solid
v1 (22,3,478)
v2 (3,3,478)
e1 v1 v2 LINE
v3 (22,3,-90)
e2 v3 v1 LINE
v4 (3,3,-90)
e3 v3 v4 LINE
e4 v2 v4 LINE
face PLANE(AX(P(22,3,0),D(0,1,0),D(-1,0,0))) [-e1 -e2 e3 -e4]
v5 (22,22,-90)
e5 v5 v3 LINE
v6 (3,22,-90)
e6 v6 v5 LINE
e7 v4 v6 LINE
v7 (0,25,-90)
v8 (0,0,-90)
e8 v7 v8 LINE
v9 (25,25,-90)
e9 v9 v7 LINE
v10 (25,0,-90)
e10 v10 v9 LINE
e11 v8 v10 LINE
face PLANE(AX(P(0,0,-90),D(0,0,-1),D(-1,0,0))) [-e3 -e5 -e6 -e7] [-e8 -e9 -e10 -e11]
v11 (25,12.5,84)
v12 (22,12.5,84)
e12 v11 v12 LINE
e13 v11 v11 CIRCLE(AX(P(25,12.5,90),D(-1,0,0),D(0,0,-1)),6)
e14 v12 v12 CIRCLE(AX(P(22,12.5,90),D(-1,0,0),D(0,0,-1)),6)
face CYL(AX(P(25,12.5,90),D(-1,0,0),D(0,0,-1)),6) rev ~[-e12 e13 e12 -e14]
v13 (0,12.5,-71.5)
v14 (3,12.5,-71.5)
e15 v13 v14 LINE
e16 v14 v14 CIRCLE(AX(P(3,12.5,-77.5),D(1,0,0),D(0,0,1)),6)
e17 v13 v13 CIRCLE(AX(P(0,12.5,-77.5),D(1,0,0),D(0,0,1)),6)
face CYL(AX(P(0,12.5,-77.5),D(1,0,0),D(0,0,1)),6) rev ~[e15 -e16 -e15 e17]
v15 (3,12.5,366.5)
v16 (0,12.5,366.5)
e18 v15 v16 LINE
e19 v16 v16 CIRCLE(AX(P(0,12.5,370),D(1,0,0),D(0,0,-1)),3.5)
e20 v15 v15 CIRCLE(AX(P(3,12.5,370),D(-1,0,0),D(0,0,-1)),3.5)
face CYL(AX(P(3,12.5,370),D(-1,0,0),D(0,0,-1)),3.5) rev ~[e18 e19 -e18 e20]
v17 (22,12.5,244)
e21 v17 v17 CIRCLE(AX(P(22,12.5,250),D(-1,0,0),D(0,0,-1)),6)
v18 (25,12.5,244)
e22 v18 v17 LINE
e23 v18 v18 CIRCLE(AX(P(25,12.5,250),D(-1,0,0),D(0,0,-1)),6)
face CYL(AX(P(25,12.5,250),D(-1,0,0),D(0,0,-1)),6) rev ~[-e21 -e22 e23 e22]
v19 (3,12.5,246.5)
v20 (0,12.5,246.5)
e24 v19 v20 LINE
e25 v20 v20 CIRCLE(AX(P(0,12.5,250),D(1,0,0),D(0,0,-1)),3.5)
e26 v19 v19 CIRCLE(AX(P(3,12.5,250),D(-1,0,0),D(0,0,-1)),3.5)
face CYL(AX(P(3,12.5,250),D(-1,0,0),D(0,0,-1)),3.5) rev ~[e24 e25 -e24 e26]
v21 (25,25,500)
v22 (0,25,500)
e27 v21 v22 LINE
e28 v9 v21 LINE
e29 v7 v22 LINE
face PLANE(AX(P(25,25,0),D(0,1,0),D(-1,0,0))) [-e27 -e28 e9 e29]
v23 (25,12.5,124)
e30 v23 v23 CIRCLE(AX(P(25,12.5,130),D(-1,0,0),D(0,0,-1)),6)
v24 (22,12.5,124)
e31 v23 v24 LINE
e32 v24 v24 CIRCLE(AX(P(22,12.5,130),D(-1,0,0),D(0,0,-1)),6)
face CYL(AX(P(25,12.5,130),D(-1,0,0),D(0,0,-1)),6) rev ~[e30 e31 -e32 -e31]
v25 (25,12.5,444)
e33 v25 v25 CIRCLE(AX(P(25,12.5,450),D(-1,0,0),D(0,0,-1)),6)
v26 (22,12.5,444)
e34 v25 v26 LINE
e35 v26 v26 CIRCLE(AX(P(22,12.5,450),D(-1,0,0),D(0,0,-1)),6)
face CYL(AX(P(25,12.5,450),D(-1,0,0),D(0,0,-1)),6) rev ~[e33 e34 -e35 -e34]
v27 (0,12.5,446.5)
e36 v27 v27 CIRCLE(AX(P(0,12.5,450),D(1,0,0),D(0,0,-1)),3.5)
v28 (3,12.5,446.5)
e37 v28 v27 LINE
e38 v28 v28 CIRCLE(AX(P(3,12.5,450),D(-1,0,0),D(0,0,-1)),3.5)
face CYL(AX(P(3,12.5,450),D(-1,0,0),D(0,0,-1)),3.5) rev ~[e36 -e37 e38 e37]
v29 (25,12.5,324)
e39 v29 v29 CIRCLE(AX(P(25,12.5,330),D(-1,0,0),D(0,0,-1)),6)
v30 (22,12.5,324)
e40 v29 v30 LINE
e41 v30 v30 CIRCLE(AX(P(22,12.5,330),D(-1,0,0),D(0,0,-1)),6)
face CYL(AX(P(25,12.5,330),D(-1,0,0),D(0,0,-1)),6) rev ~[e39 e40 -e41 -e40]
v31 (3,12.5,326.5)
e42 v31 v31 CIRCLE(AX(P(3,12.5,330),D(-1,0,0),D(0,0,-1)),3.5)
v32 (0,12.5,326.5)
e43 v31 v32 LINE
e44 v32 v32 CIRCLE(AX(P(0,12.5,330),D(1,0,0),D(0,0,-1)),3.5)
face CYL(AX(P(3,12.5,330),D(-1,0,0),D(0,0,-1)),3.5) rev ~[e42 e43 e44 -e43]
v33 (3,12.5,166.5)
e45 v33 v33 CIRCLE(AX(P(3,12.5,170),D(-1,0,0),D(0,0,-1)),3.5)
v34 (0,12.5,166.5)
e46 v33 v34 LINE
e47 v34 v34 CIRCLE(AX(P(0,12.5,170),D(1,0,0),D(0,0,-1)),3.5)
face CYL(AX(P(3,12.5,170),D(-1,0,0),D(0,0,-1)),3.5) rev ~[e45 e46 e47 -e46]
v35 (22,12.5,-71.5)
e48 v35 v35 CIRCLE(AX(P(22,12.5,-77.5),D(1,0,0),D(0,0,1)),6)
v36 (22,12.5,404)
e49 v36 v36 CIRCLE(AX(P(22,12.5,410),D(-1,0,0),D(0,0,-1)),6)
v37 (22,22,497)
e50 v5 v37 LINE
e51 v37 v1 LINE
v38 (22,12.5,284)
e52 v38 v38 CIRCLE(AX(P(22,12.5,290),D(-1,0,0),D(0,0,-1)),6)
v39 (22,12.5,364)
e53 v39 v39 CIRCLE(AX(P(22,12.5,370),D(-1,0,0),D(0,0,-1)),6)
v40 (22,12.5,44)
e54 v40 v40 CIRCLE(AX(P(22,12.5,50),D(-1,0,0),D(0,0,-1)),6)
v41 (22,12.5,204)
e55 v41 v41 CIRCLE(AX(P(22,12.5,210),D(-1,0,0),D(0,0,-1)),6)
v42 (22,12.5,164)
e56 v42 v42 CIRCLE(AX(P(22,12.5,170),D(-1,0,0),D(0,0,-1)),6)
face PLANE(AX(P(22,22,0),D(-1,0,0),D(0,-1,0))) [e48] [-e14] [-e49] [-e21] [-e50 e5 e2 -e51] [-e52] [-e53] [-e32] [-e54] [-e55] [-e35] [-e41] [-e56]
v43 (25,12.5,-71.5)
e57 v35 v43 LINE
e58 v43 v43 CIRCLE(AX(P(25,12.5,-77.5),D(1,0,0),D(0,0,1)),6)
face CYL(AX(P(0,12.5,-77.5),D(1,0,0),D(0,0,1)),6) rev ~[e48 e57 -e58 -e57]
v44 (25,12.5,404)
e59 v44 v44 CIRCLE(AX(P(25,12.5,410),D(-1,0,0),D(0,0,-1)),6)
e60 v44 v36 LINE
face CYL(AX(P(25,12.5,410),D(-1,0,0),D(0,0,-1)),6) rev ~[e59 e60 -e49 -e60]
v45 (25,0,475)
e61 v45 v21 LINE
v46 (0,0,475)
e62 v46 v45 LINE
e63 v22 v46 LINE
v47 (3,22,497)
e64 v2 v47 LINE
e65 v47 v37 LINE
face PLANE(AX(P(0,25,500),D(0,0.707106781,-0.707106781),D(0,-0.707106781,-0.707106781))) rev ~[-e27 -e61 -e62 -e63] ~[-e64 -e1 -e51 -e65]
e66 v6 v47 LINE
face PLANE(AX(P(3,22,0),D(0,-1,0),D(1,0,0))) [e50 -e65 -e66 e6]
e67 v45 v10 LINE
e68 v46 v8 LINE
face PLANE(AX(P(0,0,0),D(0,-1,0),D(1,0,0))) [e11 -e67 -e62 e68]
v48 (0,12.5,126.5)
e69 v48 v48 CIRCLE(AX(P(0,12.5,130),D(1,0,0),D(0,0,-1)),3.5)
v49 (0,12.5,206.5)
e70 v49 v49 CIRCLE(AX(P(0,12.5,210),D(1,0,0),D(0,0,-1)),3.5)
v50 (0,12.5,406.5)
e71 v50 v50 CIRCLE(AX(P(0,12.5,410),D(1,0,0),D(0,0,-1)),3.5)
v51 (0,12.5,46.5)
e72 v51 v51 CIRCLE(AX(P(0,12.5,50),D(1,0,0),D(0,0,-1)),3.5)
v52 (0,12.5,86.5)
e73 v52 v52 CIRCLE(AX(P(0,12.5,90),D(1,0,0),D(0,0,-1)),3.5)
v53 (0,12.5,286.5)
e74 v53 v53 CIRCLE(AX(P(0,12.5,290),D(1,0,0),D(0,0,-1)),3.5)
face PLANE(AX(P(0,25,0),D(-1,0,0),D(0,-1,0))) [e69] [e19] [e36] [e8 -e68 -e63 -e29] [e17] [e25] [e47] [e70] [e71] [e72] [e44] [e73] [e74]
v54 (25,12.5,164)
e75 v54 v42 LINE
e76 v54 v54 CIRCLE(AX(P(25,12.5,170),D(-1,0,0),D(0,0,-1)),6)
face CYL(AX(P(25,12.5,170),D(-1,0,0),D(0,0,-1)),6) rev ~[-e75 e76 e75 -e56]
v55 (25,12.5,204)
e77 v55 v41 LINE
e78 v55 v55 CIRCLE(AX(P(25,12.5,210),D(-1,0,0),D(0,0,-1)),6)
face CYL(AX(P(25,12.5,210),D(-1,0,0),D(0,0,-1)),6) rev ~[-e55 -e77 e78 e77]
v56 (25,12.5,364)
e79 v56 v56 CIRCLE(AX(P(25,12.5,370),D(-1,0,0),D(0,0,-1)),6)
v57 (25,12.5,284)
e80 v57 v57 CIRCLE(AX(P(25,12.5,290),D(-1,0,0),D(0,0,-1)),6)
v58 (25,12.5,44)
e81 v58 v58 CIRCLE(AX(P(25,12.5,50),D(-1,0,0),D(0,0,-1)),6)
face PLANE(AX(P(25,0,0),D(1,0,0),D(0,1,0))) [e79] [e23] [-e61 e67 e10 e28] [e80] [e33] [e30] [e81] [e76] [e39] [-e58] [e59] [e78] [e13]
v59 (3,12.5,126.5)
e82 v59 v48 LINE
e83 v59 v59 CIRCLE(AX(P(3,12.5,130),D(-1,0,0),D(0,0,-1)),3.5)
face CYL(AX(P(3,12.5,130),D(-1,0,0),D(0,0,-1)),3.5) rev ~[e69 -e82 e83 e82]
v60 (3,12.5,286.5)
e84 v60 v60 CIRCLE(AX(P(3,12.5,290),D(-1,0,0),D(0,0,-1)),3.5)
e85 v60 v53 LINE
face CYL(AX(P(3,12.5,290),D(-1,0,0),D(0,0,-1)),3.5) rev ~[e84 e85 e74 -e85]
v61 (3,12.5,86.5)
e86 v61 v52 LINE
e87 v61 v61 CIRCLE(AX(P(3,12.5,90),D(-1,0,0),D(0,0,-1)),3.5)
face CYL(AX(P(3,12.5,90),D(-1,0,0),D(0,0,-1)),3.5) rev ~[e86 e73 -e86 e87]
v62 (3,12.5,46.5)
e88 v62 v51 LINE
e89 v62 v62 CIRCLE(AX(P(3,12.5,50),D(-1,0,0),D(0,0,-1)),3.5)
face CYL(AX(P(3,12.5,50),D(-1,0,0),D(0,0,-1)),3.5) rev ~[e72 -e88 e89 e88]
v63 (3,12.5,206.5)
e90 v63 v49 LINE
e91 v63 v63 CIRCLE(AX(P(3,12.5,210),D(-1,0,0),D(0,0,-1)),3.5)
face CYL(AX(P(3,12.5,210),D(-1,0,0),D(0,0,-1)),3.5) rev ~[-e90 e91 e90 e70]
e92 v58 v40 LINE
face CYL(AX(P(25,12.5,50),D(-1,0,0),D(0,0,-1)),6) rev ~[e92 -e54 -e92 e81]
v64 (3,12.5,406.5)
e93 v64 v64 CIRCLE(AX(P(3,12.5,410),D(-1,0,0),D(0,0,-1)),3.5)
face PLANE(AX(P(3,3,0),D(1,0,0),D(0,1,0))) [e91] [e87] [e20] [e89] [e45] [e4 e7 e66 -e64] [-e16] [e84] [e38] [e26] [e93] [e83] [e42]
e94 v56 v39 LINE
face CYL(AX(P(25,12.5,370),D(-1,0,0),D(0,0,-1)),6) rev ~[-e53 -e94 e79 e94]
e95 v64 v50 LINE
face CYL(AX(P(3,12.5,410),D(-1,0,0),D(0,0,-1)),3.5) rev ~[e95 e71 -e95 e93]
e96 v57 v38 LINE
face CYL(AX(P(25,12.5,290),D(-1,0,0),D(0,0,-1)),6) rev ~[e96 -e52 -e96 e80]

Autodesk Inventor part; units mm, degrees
ref_plane "YZ Plane" through (0, 0, 0) normal (1, 0, 0) x (0, 1, 0)
ref_plane "XZ Plane" through (0, 0, 0) normal (0, 1, 0) x (-1, 0, 0)
ref_plane "XY Plane" through (0, 0, 0) normal (0, 0, 1) x (1, 0, 0)
sketch "Sketch1" plane through (0, 0, 0) normal (0, 0, 1) x (1, 0, 0)
  line L0 (0, 0) -> (25, 0)
  line L1 (25, 0) -> (25, 25)
  line L2 (25, 25) -> (0, 25)
  line L3 (0, 25) -> (0, 0)
  line L4 (3, 3) -> (22, 3)
  line L5 (22, 3) -> (22, 22)
  line L6 (22, 22) -> (3, 22)
  line L7 (3, 22) -> (3, 3)
  dimension "d0" = 25
  dimension "d1" = 25
  dimension "d2" = 3
extrude "Extrusion1" add sketch "Sketch1" along normal blind 500
sketch "Sketch3" plane through (25, 0, 0) normal (1, 0, 0) x (0, 0, -1)
  line L0 (0, 0) -> (0, 25) projected
  line L1 (0, 25) -> (-500, 25) projected
  line L2 (-500, 0) -> (-500, 25) projected
  line L3 (0, 0) -> (-500, 0) projected
  point P0 (0, 0)
  point P1 (-450, 12.5)
  point P2 (-50, 12.5)
  point P3 (-410, 12.5)
  point P4 (-370, 12.5)
  point P5 (-330, 12.5)
  point P6 (-290, 12.5)
  point P7 (-250, 12.5)
  point P8 (-210, 12.5)
  point P9 (-170, 12.5)
  point P10 (-130, 12.5)
  point P11 (-90, 12.5)
  dimension "d16" = 12.5
  dimension "d17" = 50
  dimension "d18" = 50
  dimension "d19" = 12.5
  dimension "d22" = 40
hole "Hole2" at (25, 12.5, 450) at (25, 12.5, 50) at (25, 12.5, 410) at (25, 12.5, 370) at (25, 12.5, 330) at (25, 12.5, 290) at (25, 12.5, 250) at (25, 12.5, 210) at (25, 12.5, 170) at (25, 12.5, 130) at (25, 12.5, 90) direction (-1, 0, 0) diameter 12 depth 8 tip angle 118
sketch "Sketch4" plane through (3, 3, 0) normal (1, 0, 0) x (0, 0, -1)
  circle A0 centre (-130, 9.5) radius 6 projected
  circle A1 centre (-210, 9.5) radius 6 projected
  circle A2 centre (-290, 9.5) radius 6 projected
  circle A3 centre (-370, 9.5) radius 6 projected
  circle A4 centre (-50, 9.5) radius 6 projected
  circle A5 centre (-450, 9.5) radius 6 projected
  circle A6 centre (-410, 9.5) radius 6 projected
  circle A7 centre (-330, 9.5) radius 6 projected
  circle A8 centre (-250, 9.5) radius 6 projected
  circle A9 centre (-170, 9.5) radius 6 projected
  circle A10 centre (-90, 9.5) radius 6 projected
  line L0 (0, -3) -> (0, 22) projected
  line L1 (0, 22) -> (-500, 22) projected
  line L2 (-500, -3) -> (-500, 22) projected
  line L3 (0, -3) -> (-500, -3) projected
  arc A11 (0, -3) -> (0, -3) centre (-50, 9.5) ccw projected
  circle A12 centre (-210, 9.5) radius 6 projected
  circle A13 centre (-250, 9.5) radius 6 projected
  circle A14 centre (-370, 9.5) radius 6 projected
  circle A15 centre (-410, 9.5) radius 6 projected
hole "Hole3" at (3, 12.5, 50) at (3, 12.5, 90) at (3, 12.5, 130) at (3, 12.5, 170) at (3, 12.5, 210) at (3, 12.5, 250) at (3, 12.5, 290) at (3, 12.5, 330) at (3, 12.5, 370) at (3, 12.5, 410) at (3, 12.5, 450) direction (-1, 0, 0) diameter 7 depth 8 tip angle 118
sketch "Sketch6" plane through (0, 0, 0) normal (0, 0, -1) x (-1, 0, 0)
  line L0 (-25, 0) -> (-25, 25) projected
  line L1 (0, 0) -> (-25, 0) projected
  line L2 (0, 25) -> (0, 0) projected
  line L3 (-25, 25) -> (0, 25) projected
  line L4 (-3, 3) -> (-3, 22) projected
  line L5 (-22, 3) -> (-3, 3) projected
  line L6 (-22, 22) -> (-22, 3) projected
  line L7 (-3, 22) -> (-22, 22) projected
extrude "Extrusion3" add sketch "Sketch6" along normal blind 90
sketch "Sketch7" plane through (0, 0, 500) normal (-1, 0, 0) x (0, 0, 1)
  circle A0 centre (-90, 12.5) radius 3.5 projected
  circle A1 centre (-170, 12.5) radius 3.5 projected
  circle A2 centre (-250, 12.5) radius 3.5 projected
  circle A3 centre (-330, 12.5) radius 3.5 projected
  circle A4 centre (-410, 12.5) radius 3.5 projected
  circle A5 centre (-450, 12.5) radius 3.5 projected
  circle A6 centre (-370, 12.5) radius 3.5 projected
  circle A7 centre (-290, 12.5) radius 3.5 projected
  circle A8 centre (-210, 12.5) radius 3.5 projected
  circle A9 centre (-130, 12.5) radius 3.5 projected
  circle A10 centre (-50, 12.5) radius 3.5 projected
  line L0 (-590, 0) -> (0, 0) projected
  line L1 (0, 25) -> (0, 0) projected
  line L2 (-590, 25) -> (0, 25) projected
  line L3 (-590, 0) -> (-590, 25) projected
  point P0 (-500, 0)
  point P1 (-577.5, 12.5)
  dimension "d47" = 12.5
  dimension "d48" = 12.5
hole "Hole4" at (0, 12.5, -77.5) direction (1, 0, 0) diameter 12 end through all
sketch "Sketch8" plane through (25, 0, 500) normal (1, 0, 0) x (0, 0, -1)
  point P0 (500, 0)
sketch "Sketch9" plane through (0, 0, 500) normal (-1, 0, 0) x (0, 0, 1)
  circle A0 centre (-577.5, 12.5) radius 6 projected
  circle A1 centre (-90, 12.5) radius 3.5 projected
  circle A2 centre (-170, 12.5) radius 3.5 projected
  circle A3 centre (-250, 12.5) radius 3.5 projected
  circle A4 centre (-330, 12.5) radius 3.5 projected
  circle A5 centre (-410, 12.5) radius 3.5 projected
  circle A6 centre (-450, 12.5) radius 3.5 projected
  circle A7 centre (-370, 12.5) radius 3.5 projected
  circle A8 centre (-290, 12.5) radius 3.5 projected
  circle A9 centre (-210, 12.5) radius 3.5 projected
  circle A10 centre (-130, 12.5) radius 3.5 projected
  circle A11 centre (-50, 12.5) radius 3.5 projected
  line L0 (-590, 0) -> (0, 0) projected
  line L1 (0, 25) -> (0, 0) projected
  line L2 (-590, 25) -> (0, 25) projected
  line L3 (-590, 0) -> (-590, 25) projected
  line L4 (0, 0) -> (0, 25) projected
  line L5 (-590, 25) -> (0, 25) projected
  line L6 (0, 25) -> (-25, 0)
  line L7 (0, 0) -> (-590, 0) projected
  point P0 (-500, 0)
  point P1 (-25, 0)
  dimension "d59" = 45
extrude "Extrusion4" cut sketch "Sketch9" against normal blind 109.75 contours A0 | A1 | A2 | A3 | A4 | A5 | A6 | A7 | A8 | A9 | A10 | A11 | L6 L1 L0
properties part number "P603" material "Aluminum 6061"
